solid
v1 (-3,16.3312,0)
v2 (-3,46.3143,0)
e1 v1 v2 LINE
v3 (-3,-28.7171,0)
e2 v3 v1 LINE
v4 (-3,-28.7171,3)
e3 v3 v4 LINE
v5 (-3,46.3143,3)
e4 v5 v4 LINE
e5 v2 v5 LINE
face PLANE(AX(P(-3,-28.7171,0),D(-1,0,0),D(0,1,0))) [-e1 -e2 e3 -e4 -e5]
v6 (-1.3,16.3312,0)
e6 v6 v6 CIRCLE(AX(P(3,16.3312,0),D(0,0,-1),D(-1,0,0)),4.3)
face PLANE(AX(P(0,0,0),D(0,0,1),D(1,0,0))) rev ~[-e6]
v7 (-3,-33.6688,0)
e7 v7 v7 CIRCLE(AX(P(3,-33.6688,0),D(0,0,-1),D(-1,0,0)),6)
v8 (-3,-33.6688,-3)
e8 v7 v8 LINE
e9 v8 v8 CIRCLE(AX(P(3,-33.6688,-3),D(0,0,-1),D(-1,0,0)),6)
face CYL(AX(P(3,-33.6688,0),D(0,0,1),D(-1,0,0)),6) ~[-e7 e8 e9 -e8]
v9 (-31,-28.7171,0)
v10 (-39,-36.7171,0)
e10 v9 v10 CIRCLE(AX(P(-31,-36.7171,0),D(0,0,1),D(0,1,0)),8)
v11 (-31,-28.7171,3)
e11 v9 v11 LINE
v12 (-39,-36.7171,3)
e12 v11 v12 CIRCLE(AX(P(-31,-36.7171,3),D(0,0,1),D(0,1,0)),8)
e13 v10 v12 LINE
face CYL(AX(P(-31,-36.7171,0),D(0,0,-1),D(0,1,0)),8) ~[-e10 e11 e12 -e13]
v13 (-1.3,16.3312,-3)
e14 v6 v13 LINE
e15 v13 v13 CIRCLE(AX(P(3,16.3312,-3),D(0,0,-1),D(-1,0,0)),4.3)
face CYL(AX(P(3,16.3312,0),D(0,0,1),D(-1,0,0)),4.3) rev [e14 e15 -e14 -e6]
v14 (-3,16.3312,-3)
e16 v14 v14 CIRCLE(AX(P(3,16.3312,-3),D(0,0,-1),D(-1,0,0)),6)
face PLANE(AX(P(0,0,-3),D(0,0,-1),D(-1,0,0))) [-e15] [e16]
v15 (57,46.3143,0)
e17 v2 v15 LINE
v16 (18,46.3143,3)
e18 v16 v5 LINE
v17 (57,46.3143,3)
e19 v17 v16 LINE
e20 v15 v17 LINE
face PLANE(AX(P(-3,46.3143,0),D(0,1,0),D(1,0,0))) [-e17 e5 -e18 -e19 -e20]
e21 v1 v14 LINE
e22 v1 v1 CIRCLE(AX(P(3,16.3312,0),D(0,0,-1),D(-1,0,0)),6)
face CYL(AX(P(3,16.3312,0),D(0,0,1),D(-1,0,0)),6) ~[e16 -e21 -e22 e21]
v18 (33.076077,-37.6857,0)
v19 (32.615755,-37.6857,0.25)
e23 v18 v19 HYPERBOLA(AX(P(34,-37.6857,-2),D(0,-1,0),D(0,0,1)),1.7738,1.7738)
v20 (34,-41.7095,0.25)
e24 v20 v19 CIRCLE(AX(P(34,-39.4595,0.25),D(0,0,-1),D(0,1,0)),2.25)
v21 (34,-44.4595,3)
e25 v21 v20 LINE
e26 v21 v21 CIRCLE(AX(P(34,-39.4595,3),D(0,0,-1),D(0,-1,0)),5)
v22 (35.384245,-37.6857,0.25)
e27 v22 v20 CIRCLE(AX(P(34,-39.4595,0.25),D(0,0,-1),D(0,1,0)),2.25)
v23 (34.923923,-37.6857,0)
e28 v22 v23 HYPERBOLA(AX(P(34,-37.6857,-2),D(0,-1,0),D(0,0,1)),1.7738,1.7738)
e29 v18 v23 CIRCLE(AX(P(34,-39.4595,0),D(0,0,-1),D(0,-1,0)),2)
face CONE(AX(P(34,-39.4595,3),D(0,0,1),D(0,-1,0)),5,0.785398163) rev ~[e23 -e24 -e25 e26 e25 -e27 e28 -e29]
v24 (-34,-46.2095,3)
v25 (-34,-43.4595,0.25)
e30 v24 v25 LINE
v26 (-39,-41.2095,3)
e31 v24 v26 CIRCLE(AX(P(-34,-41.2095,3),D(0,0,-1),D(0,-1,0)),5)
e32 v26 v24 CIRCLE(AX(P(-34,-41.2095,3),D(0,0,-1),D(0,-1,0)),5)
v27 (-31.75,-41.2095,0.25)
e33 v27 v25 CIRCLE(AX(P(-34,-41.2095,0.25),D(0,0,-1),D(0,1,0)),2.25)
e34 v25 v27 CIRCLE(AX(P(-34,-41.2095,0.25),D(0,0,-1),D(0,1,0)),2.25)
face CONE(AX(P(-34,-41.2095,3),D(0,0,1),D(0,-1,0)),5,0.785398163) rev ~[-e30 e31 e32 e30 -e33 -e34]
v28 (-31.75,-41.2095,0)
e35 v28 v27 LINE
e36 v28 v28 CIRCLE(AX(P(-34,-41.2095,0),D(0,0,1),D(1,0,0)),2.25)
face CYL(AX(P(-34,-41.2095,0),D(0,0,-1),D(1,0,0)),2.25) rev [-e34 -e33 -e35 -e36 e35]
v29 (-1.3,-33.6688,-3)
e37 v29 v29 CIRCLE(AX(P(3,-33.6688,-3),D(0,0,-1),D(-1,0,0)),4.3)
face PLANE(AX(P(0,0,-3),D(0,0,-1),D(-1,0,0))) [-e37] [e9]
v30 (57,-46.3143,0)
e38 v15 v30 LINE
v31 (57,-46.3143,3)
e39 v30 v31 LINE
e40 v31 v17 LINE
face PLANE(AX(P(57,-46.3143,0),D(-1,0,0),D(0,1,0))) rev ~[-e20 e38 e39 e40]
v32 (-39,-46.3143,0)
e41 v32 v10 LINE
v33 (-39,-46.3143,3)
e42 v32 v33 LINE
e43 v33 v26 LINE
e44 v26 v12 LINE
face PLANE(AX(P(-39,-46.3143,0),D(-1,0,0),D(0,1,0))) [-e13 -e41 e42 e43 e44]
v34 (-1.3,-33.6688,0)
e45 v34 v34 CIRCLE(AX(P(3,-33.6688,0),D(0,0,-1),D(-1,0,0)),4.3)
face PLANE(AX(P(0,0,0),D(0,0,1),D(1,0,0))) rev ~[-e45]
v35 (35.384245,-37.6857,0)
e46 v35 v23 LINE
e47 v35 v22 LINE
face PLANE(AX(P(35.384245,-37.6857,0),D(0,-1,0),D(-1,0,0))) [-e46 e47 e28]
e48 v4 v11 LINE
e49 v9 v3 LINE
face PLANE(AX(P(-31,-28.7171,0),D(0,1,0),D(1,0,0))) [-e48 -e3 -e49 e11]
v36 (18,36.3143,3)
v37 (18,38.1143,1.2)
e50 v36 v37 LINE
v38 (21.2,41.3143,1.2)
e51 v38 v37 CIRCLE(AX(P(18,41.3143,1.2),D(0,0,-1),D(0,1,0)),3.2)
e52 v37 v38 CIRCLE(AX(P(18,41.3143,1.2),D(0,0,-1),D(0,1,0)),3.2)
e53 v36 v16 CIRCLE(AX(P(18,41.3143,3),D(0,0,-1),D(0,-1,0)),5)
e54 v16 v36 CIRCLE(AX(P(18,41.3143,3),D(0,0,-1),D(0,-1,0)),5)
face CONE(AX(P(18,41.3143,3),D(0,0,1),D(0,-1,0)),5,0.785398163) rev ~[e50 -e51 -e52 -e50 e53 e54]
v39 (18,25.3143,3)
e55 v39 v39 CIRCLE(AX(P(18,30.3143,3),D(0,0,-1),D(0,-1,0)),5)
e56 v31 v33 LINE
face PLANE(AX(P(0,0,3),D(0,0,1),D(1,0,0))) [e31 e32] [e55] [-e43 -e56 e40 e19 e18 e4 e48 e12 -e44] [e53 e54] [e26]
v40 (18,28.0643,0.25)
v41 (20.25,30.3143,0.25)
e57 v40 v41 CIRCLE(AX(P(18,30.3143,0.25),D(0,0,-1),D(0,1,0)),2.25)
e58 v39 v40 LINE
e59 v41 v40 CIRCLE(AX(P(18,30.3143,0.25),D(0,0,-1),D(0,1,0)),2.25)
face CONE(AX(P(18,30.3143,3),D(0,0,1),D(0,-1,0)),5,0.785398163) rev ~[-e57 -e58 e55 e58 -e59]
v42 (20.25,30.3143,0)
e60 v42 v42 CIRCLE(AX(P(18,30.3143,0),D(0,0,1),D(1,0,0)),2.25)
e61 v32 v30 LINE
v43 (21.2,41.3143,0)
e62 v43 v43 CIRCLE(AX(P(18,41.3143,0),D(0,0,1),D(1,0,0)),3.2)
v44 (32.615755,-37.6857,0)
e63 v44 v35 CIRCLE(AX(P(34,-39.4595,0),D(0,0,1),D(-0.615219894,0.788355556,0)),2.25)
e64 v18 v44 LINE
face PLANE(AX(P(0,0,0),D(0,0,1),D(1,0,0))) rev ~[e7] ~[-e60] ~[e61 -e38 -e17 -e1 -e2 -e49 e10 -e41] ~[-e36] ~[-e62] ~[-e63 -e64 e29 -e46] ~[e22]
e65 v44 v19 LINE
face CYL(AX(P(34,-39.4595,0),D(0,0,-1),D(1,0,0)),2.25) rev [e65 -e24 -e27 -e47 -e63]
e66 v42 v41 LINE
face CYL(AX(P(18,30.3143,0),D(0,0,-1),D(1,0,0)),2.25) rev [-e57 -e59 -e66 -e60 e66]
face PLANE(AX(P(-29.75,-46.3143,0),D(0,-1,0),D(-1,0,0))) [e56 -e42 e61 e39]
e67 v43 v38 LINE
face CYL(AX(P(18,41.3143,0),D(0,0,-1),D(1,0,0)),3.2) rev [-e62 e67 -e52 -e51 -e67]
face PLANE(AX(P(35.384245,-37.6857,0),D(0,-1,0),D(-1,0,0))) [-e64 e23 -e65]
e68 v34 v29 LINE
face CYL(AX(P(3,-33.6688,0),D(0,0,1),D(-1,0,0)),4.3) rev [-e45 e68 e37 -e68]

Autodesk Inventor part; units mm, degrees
ref_plane "YZ Plane" through (0, 0, 0) normal (1, 0, 0) x (0, 1, 0)
ref_plane "XZ Plane" through (0, 0, 0) normal (0, 1, 0) x (-1, 0, 0)
ref_plane "XY Plane" through (0, 0, 0) normal (0, 0, 1) x (1, 0, 0)
ref_plane "Arbeitsebene1" through (0, 0, 0) normal (0, 0, 1) x (1, 0, 0)
sketch "Skizze1" plane through (0, 0, 0) normal (0, 0, 1) x (1, 0, 0)
  circle A0 centre (-34, -41.2095) radius 2.25 projected
  line L0 (-29.75, -46.3143) -> (-39, -46.3143) projected
  line L1 (-29.75, -28.7171) -> (-29.75, -46.3143) projected
  line L2 (-31, -28.7171) -> (-29.75, -28.7171) projected
  arc A1 (-31, -28.7171) -> (-39, -36.7171) centre (-31, -36.7171) ccw projected
  line L3 (-39, -46.3143) -> (-39, -36.7171) projected
  line L4 (22, 46.3143) -> (22, 27.3143) projected
  line L5 (14, 46.3143) -> (22, 46.3143) projected
  line L6 (14, 27.3143) -> (14, 46.3143) projected
  line L7 (22, 27.3143) -> (14, 27.3143) projected
  circle A2 centre (18, 30.3143) radius 2.25 projected
  circle A3 centre (18, 41.3143) radius 3.2 projected
  line L8 (39, -36.6857) -> (39, -43.7095) projected
  arc A4 (39, -36.6857) -> (31, -28.6857) centre (31, -36.6857) ccw projected
  line L9 (30, -28.6857) -> (31, -28.6857) projected
  arc A5 (22, -20.6857) -> (30, -28.6857) centre (30, -20.6857) ccw projected
  line L10 (22, -18.1808) -> (22, -20.6857) projected
  line L11 (20, -18.1808) -> (22, -18.1808) projected
  line L12 (20, -43.7095) -> (20, -18.1808) projected
  line L13 (39, -43.7095) -> (20, -43.7095) projected
  circle A6 centre (34, -39.4595) radius 2.25 projected
  circle A7 centre (34, -58.6857) radius 4.25 construction
  circle A8 centre (-34, -58.6857) radius 4.25 construction
  circle A9 centre (18, 41.3143) radius 3.2 construction
  circle A10 centre (34, -39.4595) radius 2.25 construction
  circle A11 centre (-34, -41.2095) radius 2.25 construction
  circle A12 centre (18, 30.3143) radius 2.25 construction
  circle A13 centre (18, -14.7167) radius 2 construction
  circle A14 centre (18, 8.8143) radius 2 construction
  circle A15 centre (3.8024, -65.6857) radius 18.5 construction
  circle A16 centre (3, -8.6688) radius 3.05 construction
  arc A17 (-31, -28.7171) -> (-39, -36.7171) centre (-31, -36.7171) ccw construction
  line L14 (-11, -28.7171) -> (-31, -28.7171) construction
  arc A18 (-11, -28.7171) -> (-3, -20.7171) centre (-11, -20.7171) ccw construction
  line L15 (-3, 17.3143) -> (-3, -20.7171) construction
  arc A19 (5, 25.3143) -> (-3, 17.3143) centre (5, 17.3143) ccw construction
  line L16 (14, 25.3143) -> (5, 25.3143) construction
  line L17 (14, 46.3143) -> (14, 25.3143) construction
  line L18 (22, 46.3143) -> (14, 46.3143) construction
  line L19 (22, -20.6857) -> (22, 46.3143) construction
  arc A20 (22, -20.6857) -> (30, -28.6857) centre (30, -20.6857) ccw construction
  line L20 (31, -28.6857) -> (30, -28.6857) construction
  arc A21 (39, -36.6857) -> (31, -28.6857) centre (31, -36.6857) ccw construction
  line L21 (39, -79.0756) -> (39, -36.6857) construction
  arc A22 (31, -87.0756) -> (39, -79.0756) centre (31, -79.0756) ccw construction
  line L22 (-31, -87.0756) -> (31, -87.0756) construction
  arc A23 (-39, -79.0756) -> (-31, -87.0756) centre (-31, -79.0756) ccw construction
  line L23 (-39, -36.7171) -> (-39, -79.0756) construction
  circle A24 centre (3, 16.3312) radius 4 projected
  circle A25 centre (3, -33.6688) radius 4 projected
  circle A26 centre (3, 16.3312) radius 7.6 projected
  circle A27 centre (3, 16.3312) radius 4 projected
  circle A28 centre (3, 16.3312) radius 6 projected
  circle A29 centre (3, 16.3312) radius 6 projected
  line L24 (-39, -46.3143) -> (39, -46.3143)
  line L25 (39, -46.3143) -> (39, -43.7095)
  line L26 (-29.75, -28.7171) -> (-3, -28.7171)
  line L27 (-3, -28.7171) -> (-3, 46.3143)
  line L28 (-3, 46.3143) -> (22, 46.3143)
  line L29 (22, 46.3143) -> (22, -18.1808)
  line L30 (22, 46.3143) -> (57, 46.3143)
  line L31 (57, 46.3143) -> (57, -37.6857)
  line L32 (57, -37.6857) -> (22, -37.6857)
  line L33 (22, -37.6857) -> (22, 46.3143)
  line L34 (39, -46.3143) -> (57, -46.3143)
  line L35 (57, -46.3143) -> (57, -37.6857)
  line L36 (57, -37.6857) -> (39, -37.6857)
  line L37 (39, -37.6857) -> (39, -46.3143)
  point P0 (0, 0)
  dimension "d10" = 84
  dimension "d11" = 60
extrude "Extrusion1" add sketch "Skizze1" along normal blind 3 contours L0 L3 A1 L2 L1 | L1 L26 L27 A26 L28 L6 L7 L29 L11 L12 L13 L25 L24 | L25 L8 L32 L35 L34 | L13 L12 L11 L10 L33 L32 A6 L8 | A28 | L27 A26 | L32 A6 L33 A5 L9 A4 L8 | L8 A4 L9 A5 L10 L29 L4 L30 L31 L32 | L32 A6 | L4 L7 L6 L5 | A24 | A25 picked at (9.931, 15.2305) picked at (34.3207, -37.599)
sketch "Skizze2" plane through (0, 0, 0) normal (0, 0, -1) x (-1, 0, 0)
  circle A0 centre (-3, 16.3312) radius 4 projected
  circle A1 centre (-3, -33.6688) radius 4 projected
  circle A2 centre (-3, 16.3312) radius 4.3
  circle A3 centre (-3, -33.6688) radius 4.3
  circle A4 centre (-3, 16.3312) radius 6
  circle A5 centre (-3, -33.6688) radius 6
  point P0 (0, 0)
  dimension "d2" = 0.3
  dimension "d3" = 0.3
  dimension "d4" = 1.7
  dimension "d5" = 1.7
extrude "Extrusion2" add sketch "Skizze2" along normal blind 3 contours A4 | A5
sketch "Skizze3" plane through (0, 0, 3) normal (0, 0, 1) x (1, 0, 0)
  circle A0 centre (18, 41.3143) radius 3.2 projected
  circle A1 centre (18, 30.3143) radius 2.25 projected
  arc A2 (32.6157, -37.6857) -> (35.3843, -37.6857) centre (34, -39.4595) ccw projected
  circle A3 centre (-34, -41.2095) radius 2.25 projected
  point P0 (0, 0)
hole "Bohrung1" at (18, 41.3143, 3) at (18, 30.3143, 3) at (34, -39.4595, 3) at (-34, -41.2095, 3) direction (0, 0, -1) diameter 4 end through all countersink diameter 10 countersink angle 90
properties part number "11_Smartphone_Platform"
